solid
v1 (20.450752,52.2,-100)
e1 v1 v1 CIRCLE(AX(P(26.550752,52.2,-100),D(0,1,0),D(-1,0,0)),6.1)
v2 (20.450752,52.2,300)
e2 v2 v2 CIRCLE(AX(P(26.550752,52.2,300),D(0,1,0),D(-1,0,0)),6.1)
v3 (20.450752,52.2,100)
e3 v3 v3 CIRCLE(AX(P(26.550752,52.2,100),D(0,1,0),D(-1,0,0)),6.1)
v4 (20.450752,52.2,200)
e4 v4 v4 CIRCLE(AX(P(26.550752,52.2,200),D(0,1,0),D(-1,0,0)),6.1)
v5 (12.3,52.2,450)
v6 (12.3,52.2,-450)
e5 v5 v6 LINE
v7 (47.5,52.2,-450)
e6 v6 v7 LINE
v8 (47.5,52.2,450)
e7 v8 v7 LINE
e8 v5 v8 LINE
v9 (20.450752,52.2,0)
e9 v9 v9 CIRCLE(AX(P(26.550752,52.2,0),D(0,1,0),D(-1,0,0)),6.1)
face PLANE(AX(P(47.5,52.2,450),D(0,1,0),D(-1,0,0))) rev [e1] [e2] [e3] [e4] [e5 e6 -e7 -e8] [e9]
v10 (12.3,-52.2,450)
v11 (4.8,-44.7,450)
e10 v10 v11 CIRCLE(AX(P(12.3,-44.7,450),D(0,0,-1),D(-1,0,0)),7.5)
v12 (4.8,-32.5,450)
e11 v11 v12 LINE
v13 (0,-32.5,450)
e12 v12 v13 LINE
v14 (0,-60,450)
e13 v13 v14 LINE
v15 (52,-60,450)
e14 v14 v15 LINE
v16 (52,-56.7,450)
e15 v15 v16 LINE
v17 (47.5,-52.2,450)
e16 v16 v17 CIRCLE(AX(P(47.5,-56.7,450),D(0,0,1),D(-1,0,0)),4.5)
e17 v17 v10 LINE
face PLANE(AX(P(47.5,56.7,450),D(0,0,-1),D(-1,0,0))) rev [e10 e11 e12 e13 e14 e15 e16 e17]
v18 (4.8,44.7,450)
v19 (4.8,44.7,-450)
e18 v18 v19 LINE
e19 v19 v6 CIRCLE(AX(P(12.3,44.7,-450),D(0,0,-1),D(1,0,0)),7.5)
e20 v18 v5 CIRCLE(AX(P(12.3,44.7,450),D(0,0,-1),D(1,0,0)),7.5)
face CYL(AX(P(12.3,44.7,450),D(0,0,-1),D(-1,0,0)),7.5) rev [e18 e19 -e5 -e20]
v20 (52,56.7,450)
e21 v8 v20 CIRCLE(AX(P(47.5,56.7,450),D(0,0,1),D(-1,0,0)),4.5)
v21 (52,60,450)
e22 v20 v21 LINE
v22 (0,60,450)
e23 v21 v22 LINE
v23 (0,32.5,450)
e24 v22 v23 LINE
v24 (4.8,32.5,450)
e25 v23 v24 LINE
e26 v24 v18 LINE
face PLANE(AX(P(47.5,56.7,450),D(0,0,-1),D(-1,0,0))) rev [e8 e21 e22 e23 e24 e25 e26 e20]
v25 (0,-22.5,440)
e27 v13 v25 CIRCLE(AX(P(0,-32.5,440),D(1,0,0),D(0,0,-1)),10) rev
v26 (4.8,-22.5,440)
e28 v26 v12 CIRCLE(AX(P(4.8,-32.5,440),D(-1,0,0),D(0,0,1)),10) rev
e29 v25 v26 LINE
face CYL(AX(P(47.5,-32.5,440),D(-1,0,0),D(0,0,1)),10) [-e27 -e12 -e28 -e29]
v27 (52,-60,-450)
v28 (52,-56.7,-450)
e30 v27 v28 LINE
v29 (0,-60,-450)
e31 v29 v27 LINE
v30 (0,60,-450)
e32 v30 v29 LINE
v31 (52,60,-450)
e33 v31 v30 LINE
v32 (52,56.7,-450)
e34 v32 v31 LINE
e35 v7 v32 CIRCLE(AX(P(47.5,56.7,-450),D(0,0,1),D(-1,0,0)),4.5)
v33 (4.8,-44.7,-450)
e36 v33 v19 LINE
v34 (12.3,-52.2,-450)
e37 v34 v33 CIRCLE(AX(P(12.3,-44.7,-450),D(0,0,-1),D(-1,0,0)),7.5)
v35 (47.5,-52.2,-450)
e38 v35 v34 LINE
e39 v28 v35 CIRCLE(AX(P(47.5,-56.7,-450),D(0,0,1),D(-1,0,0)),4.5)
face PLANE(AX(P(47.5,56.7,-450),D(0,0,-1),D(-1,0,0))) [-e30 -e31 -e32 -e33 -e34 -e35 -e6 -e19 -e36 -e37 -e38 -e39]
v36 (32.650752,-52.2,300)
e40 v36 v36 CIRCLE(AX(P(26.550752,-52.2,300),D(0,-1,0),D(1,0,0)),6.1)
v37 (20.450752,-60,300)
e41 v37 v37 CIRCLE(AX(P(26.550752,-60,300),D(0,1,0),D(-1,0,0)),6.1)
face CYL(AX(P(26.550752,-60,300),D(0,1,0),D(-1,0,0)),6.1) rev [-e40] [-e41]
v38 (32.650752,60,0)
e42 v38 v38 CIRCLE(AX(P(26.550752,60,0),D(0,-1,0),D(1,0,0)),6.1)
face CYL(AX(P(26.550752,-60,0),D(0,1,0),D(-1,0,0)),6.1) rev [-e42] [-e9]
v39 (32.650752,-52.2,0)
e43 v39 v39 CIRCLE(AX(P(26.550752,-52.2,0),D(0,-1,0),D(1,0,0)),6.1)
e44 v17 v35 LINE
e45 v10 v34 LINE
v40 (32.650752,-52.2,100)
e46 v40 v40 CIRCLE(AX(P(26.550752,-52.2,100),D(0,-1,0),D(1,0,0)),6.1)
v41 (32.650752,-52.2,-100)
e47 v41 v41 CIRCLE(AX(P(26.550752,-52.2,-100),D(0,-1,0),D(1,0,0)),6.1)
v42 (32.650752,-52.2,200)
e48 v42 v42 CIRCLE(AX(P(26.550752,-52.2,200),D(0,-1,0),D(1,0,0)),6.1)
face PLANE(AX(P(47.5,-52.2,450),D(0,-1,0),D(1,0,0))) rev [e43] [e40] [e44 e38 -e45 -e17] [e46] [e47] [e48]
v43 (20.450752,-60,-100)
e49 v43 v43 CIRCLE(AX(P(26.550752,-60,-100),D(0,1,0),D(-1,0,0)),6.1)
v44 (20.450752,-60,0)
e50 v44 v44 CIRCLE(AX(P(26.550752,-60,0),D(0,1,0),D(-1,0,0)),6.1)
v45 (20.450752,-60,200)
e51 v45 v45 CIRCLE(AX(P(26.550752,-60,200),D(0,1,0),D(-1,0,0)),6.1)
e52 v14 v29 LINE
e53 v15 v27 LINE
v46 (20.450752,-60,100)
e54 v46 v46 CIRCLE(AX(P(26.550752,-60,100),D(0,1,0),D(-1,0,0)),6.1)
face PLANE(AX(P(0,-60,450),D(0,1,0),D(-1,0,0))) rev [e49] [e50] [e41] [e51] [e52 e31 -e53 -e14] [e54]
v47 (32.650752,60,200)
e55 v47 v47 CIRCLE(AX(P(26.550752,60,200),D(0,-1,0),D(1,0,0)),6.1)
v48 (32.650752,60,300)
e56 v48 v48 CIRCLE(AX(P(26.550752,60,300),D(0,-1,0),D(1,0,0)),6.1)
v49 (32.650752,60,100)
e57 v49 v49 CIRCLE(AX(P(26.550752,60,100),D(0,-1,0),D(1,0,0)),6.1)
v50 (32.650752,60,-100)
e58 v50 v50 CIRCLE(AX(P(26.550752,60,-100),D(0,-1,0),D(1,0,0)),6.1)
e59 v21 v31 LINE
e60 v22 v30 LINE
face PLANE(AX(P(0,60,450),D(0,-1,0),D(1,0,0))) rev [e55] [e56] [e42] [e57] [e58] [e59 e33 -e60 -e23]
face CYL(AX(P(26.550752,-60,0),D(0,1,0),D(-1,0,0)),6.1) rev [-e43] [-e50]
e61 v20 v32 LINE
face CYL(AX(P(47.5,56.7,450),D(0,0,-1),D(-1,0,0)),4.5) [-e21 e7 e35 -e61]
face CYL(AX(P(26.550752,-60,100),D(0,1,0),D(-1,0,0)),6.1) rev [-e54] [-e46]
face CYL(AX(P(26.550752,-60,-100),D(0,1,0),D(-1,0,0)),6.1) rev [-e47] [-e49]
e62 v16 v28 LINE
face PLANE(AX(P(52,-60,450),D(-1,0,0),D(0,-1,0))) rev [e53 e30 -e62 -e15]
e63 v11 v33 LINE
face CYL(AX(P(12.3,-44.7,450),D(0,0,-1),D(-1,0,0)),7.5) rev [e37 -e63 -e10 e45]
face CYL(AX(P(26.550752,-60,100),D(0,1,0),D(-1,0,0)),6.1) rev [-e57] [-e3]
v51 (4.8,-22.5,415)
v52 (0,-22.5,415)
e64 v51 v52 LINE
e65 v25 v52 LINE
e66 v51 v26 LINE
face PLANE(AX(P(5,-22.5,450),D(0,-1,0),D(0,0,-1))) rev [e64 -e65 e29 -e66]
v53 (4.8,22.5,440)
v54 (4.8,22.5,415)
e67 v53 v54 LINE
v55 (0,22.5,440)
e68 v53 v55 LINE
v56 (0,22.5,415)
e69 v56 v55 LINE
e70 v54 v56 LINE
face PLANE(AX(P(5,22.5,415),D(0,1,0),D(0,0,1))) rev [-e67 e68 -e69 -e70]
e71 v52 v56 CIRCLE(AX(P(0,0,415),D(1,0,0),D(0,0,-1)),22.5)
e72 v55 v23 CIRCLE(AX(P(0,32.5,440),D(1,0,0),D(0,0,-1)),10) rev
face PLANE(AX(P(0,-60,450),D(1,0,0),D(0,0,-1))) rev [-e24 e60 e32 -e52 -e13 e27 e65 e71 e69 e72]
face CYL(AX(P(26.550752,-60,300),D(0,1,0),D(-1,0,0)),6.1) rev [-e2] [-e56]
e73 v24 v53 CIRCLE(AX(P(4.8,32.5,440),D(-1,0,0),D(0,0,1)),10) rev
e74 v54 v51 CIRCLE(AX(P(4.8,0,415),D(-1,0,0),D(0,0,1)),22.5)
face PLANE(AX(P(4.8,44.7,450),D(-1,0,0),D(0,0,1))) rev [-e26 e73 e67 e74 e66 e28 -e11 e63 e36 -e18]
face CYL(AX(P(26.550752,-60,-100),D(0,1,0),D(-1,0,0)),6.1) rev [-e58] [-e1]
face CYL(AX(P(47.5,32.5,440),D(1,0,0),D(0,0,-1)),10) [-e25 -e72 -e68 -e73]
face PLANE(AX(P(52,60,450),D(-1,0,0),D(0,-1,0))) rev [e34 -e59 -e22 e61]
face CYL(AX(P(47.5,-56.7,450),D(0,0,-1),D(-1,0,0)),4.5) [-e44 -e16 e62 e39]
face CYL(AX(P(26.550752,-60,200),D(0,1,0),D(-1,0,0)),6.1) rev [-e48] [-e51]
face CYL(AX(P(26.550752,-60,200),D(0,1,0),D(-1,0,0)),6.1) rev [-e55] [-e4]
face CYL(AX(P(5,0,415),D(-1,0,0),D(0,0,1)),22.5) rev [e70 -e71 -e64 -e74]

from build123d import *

# Parameters (mm, degrees)
EXTRUDE_1_DEPTH          = 450
CUT_EXTRUDE_1_DEPTH      = 5
FILLET_1_R               = 10
CUT_EXTRUDE_2_DEPTH      = 469.619248431
CUT_EXTRUDE_2_DEPTH_BACK = 469.619248431
SKETCH_3_R               = 6.1


with BuildPart() as part:
    # Эскиз1 → Бобышка-Вытянуть1 (new, symmetric)
    with BuildSketch(Plane.XY):
        with BuildLine():
            Line((0, -60), (0, 60))
            Line((0, 60), (52, 60))
            Line((52, 60), (52, 56.7))
            ThreePointArc((52, 56.7), (50.681980515, 53.518019485), (47.5, 52.2))
            Line((47.5, 52.2), (12.3, 52.2))
            ThreePointArc((12.3, 52.2), (6.996699141, 50.003300859), (4.8, 44.7))
            Line((4.8, 44.7), (4.8, -44.7))
            ThreePointArc((4.8, -44.7), (6.996699141, -50.003300859), (12.3, -52.2))
            Line((12.3, -52.2), (47.5, -52.2))
            ThreePointArc((47.5, -52.2), (50.681980515, -53.518019485), (52, -56.7))
            Line((52, -56.7), (52, -60))
            Line((52, -60), (0, -60))
        make_face()
    extrude(amount=EXTRUDE_1_DEPTH, both=True)

    # Эскиз2 → Вырез-Вытянуть1 (cut, symmetric)
    with BuildSketch(Plane.ZY):
        with BuildLine():
            Line((415, 22.5), (450, 22.5))
            Line((450, 22.5), (450, -22.5))
            Line((450, -22.5), (415, -22.5))
            ThreePointArc((415, -22.5), (392.5, 0), (415, 22.5))
        make_face()
    extrude(amount=CUT_EXTRUDE_1_DEPTH, both=True, mode=Mode.SUBTRACT)

    # Скругление1
    fillet_1_edges = [part.edges().sort_by_distance(p)[0] for p in [
        (2.4, -22.5, 450),
        (2.4, 22.5, 450),
    ]]
    fillet(fillet_1_edges, radius=FILLET_1_R)

    # Эскиз3 → Вырез-Вытянуть2 (cut, two sides: drawn at the far end of the back side and taken through both)
    with BuildSketch(Plane(origin=(0, 60, 0), x_dir=(1, 0, 0), z_dir=(0, 1, 0)).offset(-CUT_EXTRUDE_2_DEPTH_BACK)):
        with Locations(Location((26.550751723, -300, 0), (0, 0, 180))):
            Circle(SKETCH_3_R)
        with Locations(Location((26.550751723, -200, 0), (0, 0, 180))):
            Circle(SKETCH_3_R)
        with Locations(Location((26.550751723, -100, 0), (0, 0, 180))):
            Circle(SKETCH_3_R)
        with Locations(Location((26.550751723, 0, 0), (0, 0, 180))):
            Circle(SKETCH_3_R)
        with Locations(Location((26.550751723, 100, 0), (0, 0, 180))):
            Circle(SKETCH_3_R)
    extrude(amount=CUT_EXTRUDE_2_DEPTH + CUT_EXTRUDE_2_DEPTH_BACK, mode=Mode.SUBTRACT)


solid = part.part
